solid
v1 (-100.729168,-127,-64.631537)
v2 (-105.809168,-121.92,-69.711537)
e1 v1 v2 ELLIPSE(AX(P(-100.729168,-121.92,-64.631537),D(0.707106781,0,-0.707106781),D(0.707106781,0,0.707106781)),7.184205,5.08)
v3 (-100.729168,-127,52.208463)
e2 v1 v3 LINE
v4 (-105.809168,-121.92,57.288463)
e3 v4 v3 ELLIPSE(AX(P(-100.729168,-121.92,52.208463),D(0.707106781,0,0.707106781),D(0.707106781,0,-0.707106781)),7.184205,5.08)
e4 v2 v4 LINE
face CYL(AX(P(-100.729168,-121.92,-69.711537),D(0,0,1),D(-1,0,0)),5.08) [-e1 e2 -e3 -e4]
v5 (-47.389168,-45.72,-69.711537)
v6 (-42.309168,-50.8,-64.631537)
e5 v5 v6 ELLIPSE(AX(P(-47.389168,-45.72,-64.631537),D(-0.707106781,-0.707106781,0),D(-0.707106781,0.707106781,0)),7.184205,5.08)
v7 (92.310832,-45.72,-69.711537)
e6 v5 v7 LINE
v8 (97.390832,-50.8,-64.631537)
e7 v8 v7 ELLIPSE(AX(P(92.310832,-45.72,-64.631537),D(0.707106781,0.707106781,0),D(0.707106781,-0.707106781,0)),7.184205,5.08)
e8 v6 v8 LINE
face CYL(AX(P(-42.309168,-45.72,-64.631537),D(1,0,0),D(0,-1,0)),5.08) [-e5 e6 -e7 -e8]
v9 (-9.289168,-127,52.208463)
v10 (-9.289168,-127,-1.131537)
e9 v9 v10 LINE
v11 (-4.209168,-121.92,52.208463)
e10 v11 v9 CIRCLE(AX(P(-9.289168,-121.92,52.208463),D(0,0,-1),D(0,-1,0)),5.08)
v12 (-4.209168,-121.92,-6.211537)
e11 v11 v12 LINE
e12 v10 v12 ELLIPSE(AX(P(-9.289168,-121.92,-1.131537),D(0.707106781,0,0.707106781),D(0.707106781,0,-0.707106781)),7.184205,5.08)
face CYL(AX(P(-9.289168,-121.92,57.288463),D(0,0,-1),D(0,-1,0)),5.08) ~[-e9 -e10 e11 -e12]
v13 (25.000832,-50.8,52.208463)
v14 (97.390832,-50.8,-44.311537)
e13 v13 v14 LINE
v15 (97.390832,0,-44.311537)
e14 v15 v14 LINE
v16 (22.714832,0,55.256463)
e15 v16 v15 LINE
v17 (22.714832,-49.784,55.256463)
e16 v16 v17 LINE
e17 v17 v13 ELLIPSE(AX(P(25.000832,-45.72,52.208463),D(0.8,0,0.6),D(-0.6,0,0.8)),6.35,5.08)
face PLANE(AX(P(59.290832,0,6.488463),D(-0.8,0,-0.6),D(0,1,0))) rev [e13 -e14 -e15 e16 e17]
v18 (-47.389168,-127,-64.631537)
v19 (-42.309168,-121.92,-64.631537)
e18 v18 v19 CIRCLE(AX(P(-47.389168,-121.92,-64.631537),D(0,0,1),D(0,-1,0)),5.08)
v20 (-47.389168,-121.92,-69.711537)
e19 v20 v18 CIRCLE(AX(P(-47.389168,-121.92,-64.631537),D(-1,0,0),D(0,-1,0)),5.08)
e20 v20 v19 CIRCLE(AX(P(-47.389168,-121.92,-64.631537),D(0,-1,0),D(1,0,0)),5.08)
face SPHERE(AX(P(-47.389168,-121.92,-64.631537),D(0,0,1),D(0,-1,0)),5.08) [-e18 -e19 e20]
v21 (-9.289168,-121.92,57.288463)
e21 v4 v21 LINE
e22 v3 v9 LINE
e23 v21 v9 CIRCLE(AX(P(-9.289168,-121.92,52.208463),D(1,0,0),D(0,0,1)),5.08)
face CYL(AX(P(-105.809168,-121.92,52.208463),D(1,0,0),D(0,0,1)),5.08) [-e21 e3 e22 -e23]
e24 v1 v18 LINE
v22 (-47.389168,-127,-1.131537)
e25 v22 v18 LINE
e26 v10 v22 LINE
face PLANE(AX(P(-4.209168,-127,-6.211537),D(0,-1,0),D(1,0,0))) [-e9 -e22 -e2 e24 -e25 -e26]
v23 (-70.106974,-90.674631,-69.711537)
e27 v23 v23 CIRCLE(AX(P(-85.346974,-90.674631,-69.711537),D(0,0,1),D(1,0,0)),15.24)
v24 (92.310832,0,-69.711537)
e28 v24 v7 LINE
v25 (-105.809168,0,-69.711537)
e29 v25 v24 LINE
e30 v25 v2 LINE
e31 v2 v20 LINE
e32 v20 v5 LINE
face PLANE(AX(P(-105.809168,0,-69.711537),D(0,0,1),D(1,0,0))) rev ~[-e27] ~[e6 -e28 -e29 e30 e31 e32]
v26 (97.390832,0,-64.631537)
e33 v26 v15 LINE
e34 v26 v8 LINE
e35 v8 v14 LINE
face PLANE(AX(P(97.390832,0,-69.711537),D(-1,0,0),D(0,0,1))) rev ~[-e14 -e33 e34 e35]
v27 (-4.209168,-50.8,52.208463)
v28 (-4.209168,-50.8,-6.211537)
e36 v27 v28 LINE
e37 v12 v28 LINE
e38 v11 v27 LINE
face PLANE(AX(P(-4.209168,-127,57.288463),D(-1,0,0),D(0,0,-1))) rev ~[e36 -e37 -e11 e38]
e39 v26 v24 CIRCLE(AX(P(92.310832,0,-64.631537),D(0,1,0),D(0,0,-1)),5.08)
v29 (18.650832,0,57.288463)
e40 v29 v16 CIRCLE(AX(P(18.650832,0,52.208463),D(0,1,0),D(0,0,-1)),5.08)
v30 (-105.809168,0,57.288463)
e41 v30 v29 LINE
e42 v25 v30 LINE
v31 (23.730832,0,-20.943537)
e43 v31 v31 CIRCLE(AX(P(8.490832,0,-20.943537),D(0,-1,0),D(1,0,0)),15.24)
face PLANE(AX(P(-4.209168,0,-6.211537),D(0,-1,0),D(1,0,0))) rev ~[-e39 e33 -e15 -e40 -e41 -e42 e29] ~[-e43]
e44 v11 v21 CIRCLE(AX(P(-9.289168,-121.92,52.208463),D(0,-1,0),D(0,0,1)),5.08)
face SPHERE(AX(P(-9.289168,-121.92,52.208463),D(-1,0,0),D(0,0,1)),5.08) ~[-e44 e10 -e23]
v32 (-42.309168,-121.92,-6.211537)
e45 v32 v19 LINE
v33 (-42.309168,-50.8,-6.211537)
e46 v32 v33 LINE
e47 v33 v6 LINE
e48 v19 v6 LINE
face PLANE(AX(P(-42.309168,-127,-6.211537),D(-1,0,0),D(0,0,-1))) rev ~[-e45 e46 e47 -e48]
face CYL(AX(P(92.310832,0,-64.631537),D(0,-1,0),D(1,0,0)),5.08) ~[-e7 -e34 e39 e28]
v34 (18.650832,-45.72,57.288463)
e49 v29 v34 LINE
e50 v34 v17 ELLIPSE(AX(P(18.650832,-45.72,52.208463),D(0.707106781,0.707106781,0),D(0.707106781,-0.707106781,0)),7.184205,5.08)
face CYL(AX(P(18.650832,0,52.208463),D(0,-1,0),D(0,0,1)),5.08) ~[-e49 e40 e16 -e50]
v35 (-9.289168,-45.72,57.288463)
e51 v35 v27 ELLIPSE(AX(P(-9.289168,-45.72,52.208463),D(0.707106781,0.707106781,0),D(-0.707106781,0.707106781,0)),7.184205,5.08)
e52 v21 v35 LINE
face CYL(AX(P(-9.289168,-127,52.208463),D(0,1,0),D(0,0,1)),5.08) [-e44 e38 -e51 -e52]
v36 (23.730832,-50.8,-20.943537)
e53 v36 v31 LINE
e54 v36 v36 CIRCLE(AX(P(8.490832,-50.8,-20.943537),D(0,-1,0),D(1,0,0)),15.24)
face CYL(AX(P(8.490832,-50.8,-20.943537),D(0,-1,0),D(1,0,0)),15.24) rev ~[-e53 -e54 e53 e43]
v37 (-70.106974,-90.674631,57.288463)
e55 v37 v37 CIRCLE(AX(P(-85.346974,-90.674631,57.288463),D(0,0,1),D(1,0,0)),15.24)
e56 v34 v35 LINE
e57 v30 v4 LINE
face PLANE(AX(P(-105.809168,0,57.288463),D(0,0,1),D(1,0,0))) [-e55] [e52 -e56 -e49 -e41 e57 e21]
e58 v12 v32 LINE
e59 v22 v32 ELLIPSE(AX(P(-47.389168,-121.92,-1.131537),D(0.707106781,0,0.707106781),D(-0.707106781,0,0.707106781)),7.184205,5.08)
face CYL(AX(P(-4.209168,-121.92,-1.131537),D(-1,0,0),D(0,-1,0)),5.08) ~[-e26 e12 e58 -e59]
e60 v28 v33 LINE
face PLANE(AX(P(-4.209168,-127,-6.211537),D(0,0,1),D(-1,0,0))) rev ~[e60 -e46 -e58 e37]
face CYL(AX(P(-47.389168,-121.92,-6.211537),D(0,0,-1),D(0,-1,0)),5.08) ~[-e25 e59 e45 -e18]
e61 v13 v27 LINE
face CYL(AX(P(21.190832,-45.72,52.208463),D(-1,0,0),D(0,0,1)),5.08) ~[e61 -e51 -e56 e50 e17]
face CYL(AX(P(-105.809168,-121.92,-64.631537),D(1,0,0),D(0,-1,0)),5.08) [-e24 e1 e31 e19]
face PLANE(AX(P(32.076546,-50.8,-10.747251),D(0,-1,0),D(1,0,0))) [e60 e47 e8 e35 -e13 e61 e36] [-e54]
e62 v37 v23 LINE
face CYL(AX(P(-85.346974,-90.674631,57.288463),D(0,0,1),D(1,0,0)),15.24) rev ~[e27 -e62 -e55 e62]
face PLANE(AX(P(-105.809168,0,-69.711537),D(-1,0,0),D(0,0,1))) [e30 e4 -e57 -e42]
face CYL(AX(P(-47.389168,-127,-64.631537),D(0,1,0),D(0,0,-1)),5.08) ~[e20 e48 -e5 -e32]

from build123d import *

# Parameters (mm, degrees)
F0_W     = 203.2
F0_H     = 127
F1_DEPTH = 127
F3_DEPTH = 76.2
F4_SIZE2 = 101.6
F4_SIZE  = 76.2
F5_R     = 5.08
F6_R     = 15.24
F7_DEPTH = 50.8
F8_R     = 15.24
F9_DEPTH = 127


with BuildPart() as f1:
    # F0 (on Front) → F1 (new body)
    with BuildSketch(Plane.XZ):
        with Locations((-4.2091682553, -6.2115366554)):
            Rectangle(F0_W, F0_H)
    extrude(amount=F1_DEPTH)

    # F2 (on face) → F3 (cut)
    with BuildSketch(Plane.XZ.offset(127)):
        Polygon((97.3908317447, 57.2884633446), (-4.2091682553, 57.2884633446), (-4.2091682553, -6.2115366554), (-42.3091682553, -6.2115366554), (-42.3091682553, -69.7115366554), (97.3908317447, -69.7115366554), align=None)
    extrude(amount=-F3_DEPTH, mode=Mode.SUBTRACT)

    # F4
    f4_edges = [f1.edges().sort_by_distance(p)[0] for p in [
        (97.390832, -25.4, 57.288463),
    ]]
    f4_side = f1.faces().sort_by_distance((-25.980597, -52.614286, 57.288463))[0]
    chamfer(f4_edges, length=F4_SIZE, length2=F4_SIZE2, reference=f4_side)

    # F5
    f5_edges = [f1.edges().sort_by_distance(p)[0] for p in [
        (-55.009168, -127, 57.288463),
        (-4.209168, -88.9, 57.288463),
        (8.490832, -50.8, 57.288463),
        (21.190832, -25.4, 57.288463),
        (-4.209168, -127, 25.538463),
        (-23.259168, -127, -6.211537),
        (-42.309168, -127, -37.961537),
        (-74.059168, -127, -69.711537),
        (-105.809168, -127, -6.211537),
        (-42.309168, -88.9, -69.711537),
        (27.540832, -50.8, -69.711537),
        (97.390832, -25.4, -69.711537),
    ]]
    fillet(f5_edges, radius=F5_R)

    # F6 (on face) → F7 (cut)
    with BuildSketch(Plane.XZ.offset(50.8)):
        with Locations((8.4908317447, -20.9435366554)):
            Circle(F6_R)
    extrude(amount=-F7_DEPTH, mode=Mode.SUBTRACT)

    # F8 (on face) → F9 (cut, through all)
    with BuildSketch(Plane.XY.offset(57.2884633446)):
        with Locations((-85.3469744325, -90.6746312976)):
            Circle(F8_R)
    extrude(amount=-F9_DEPTH, mode=Mode.SUBTRACT)


solid = f1.part
